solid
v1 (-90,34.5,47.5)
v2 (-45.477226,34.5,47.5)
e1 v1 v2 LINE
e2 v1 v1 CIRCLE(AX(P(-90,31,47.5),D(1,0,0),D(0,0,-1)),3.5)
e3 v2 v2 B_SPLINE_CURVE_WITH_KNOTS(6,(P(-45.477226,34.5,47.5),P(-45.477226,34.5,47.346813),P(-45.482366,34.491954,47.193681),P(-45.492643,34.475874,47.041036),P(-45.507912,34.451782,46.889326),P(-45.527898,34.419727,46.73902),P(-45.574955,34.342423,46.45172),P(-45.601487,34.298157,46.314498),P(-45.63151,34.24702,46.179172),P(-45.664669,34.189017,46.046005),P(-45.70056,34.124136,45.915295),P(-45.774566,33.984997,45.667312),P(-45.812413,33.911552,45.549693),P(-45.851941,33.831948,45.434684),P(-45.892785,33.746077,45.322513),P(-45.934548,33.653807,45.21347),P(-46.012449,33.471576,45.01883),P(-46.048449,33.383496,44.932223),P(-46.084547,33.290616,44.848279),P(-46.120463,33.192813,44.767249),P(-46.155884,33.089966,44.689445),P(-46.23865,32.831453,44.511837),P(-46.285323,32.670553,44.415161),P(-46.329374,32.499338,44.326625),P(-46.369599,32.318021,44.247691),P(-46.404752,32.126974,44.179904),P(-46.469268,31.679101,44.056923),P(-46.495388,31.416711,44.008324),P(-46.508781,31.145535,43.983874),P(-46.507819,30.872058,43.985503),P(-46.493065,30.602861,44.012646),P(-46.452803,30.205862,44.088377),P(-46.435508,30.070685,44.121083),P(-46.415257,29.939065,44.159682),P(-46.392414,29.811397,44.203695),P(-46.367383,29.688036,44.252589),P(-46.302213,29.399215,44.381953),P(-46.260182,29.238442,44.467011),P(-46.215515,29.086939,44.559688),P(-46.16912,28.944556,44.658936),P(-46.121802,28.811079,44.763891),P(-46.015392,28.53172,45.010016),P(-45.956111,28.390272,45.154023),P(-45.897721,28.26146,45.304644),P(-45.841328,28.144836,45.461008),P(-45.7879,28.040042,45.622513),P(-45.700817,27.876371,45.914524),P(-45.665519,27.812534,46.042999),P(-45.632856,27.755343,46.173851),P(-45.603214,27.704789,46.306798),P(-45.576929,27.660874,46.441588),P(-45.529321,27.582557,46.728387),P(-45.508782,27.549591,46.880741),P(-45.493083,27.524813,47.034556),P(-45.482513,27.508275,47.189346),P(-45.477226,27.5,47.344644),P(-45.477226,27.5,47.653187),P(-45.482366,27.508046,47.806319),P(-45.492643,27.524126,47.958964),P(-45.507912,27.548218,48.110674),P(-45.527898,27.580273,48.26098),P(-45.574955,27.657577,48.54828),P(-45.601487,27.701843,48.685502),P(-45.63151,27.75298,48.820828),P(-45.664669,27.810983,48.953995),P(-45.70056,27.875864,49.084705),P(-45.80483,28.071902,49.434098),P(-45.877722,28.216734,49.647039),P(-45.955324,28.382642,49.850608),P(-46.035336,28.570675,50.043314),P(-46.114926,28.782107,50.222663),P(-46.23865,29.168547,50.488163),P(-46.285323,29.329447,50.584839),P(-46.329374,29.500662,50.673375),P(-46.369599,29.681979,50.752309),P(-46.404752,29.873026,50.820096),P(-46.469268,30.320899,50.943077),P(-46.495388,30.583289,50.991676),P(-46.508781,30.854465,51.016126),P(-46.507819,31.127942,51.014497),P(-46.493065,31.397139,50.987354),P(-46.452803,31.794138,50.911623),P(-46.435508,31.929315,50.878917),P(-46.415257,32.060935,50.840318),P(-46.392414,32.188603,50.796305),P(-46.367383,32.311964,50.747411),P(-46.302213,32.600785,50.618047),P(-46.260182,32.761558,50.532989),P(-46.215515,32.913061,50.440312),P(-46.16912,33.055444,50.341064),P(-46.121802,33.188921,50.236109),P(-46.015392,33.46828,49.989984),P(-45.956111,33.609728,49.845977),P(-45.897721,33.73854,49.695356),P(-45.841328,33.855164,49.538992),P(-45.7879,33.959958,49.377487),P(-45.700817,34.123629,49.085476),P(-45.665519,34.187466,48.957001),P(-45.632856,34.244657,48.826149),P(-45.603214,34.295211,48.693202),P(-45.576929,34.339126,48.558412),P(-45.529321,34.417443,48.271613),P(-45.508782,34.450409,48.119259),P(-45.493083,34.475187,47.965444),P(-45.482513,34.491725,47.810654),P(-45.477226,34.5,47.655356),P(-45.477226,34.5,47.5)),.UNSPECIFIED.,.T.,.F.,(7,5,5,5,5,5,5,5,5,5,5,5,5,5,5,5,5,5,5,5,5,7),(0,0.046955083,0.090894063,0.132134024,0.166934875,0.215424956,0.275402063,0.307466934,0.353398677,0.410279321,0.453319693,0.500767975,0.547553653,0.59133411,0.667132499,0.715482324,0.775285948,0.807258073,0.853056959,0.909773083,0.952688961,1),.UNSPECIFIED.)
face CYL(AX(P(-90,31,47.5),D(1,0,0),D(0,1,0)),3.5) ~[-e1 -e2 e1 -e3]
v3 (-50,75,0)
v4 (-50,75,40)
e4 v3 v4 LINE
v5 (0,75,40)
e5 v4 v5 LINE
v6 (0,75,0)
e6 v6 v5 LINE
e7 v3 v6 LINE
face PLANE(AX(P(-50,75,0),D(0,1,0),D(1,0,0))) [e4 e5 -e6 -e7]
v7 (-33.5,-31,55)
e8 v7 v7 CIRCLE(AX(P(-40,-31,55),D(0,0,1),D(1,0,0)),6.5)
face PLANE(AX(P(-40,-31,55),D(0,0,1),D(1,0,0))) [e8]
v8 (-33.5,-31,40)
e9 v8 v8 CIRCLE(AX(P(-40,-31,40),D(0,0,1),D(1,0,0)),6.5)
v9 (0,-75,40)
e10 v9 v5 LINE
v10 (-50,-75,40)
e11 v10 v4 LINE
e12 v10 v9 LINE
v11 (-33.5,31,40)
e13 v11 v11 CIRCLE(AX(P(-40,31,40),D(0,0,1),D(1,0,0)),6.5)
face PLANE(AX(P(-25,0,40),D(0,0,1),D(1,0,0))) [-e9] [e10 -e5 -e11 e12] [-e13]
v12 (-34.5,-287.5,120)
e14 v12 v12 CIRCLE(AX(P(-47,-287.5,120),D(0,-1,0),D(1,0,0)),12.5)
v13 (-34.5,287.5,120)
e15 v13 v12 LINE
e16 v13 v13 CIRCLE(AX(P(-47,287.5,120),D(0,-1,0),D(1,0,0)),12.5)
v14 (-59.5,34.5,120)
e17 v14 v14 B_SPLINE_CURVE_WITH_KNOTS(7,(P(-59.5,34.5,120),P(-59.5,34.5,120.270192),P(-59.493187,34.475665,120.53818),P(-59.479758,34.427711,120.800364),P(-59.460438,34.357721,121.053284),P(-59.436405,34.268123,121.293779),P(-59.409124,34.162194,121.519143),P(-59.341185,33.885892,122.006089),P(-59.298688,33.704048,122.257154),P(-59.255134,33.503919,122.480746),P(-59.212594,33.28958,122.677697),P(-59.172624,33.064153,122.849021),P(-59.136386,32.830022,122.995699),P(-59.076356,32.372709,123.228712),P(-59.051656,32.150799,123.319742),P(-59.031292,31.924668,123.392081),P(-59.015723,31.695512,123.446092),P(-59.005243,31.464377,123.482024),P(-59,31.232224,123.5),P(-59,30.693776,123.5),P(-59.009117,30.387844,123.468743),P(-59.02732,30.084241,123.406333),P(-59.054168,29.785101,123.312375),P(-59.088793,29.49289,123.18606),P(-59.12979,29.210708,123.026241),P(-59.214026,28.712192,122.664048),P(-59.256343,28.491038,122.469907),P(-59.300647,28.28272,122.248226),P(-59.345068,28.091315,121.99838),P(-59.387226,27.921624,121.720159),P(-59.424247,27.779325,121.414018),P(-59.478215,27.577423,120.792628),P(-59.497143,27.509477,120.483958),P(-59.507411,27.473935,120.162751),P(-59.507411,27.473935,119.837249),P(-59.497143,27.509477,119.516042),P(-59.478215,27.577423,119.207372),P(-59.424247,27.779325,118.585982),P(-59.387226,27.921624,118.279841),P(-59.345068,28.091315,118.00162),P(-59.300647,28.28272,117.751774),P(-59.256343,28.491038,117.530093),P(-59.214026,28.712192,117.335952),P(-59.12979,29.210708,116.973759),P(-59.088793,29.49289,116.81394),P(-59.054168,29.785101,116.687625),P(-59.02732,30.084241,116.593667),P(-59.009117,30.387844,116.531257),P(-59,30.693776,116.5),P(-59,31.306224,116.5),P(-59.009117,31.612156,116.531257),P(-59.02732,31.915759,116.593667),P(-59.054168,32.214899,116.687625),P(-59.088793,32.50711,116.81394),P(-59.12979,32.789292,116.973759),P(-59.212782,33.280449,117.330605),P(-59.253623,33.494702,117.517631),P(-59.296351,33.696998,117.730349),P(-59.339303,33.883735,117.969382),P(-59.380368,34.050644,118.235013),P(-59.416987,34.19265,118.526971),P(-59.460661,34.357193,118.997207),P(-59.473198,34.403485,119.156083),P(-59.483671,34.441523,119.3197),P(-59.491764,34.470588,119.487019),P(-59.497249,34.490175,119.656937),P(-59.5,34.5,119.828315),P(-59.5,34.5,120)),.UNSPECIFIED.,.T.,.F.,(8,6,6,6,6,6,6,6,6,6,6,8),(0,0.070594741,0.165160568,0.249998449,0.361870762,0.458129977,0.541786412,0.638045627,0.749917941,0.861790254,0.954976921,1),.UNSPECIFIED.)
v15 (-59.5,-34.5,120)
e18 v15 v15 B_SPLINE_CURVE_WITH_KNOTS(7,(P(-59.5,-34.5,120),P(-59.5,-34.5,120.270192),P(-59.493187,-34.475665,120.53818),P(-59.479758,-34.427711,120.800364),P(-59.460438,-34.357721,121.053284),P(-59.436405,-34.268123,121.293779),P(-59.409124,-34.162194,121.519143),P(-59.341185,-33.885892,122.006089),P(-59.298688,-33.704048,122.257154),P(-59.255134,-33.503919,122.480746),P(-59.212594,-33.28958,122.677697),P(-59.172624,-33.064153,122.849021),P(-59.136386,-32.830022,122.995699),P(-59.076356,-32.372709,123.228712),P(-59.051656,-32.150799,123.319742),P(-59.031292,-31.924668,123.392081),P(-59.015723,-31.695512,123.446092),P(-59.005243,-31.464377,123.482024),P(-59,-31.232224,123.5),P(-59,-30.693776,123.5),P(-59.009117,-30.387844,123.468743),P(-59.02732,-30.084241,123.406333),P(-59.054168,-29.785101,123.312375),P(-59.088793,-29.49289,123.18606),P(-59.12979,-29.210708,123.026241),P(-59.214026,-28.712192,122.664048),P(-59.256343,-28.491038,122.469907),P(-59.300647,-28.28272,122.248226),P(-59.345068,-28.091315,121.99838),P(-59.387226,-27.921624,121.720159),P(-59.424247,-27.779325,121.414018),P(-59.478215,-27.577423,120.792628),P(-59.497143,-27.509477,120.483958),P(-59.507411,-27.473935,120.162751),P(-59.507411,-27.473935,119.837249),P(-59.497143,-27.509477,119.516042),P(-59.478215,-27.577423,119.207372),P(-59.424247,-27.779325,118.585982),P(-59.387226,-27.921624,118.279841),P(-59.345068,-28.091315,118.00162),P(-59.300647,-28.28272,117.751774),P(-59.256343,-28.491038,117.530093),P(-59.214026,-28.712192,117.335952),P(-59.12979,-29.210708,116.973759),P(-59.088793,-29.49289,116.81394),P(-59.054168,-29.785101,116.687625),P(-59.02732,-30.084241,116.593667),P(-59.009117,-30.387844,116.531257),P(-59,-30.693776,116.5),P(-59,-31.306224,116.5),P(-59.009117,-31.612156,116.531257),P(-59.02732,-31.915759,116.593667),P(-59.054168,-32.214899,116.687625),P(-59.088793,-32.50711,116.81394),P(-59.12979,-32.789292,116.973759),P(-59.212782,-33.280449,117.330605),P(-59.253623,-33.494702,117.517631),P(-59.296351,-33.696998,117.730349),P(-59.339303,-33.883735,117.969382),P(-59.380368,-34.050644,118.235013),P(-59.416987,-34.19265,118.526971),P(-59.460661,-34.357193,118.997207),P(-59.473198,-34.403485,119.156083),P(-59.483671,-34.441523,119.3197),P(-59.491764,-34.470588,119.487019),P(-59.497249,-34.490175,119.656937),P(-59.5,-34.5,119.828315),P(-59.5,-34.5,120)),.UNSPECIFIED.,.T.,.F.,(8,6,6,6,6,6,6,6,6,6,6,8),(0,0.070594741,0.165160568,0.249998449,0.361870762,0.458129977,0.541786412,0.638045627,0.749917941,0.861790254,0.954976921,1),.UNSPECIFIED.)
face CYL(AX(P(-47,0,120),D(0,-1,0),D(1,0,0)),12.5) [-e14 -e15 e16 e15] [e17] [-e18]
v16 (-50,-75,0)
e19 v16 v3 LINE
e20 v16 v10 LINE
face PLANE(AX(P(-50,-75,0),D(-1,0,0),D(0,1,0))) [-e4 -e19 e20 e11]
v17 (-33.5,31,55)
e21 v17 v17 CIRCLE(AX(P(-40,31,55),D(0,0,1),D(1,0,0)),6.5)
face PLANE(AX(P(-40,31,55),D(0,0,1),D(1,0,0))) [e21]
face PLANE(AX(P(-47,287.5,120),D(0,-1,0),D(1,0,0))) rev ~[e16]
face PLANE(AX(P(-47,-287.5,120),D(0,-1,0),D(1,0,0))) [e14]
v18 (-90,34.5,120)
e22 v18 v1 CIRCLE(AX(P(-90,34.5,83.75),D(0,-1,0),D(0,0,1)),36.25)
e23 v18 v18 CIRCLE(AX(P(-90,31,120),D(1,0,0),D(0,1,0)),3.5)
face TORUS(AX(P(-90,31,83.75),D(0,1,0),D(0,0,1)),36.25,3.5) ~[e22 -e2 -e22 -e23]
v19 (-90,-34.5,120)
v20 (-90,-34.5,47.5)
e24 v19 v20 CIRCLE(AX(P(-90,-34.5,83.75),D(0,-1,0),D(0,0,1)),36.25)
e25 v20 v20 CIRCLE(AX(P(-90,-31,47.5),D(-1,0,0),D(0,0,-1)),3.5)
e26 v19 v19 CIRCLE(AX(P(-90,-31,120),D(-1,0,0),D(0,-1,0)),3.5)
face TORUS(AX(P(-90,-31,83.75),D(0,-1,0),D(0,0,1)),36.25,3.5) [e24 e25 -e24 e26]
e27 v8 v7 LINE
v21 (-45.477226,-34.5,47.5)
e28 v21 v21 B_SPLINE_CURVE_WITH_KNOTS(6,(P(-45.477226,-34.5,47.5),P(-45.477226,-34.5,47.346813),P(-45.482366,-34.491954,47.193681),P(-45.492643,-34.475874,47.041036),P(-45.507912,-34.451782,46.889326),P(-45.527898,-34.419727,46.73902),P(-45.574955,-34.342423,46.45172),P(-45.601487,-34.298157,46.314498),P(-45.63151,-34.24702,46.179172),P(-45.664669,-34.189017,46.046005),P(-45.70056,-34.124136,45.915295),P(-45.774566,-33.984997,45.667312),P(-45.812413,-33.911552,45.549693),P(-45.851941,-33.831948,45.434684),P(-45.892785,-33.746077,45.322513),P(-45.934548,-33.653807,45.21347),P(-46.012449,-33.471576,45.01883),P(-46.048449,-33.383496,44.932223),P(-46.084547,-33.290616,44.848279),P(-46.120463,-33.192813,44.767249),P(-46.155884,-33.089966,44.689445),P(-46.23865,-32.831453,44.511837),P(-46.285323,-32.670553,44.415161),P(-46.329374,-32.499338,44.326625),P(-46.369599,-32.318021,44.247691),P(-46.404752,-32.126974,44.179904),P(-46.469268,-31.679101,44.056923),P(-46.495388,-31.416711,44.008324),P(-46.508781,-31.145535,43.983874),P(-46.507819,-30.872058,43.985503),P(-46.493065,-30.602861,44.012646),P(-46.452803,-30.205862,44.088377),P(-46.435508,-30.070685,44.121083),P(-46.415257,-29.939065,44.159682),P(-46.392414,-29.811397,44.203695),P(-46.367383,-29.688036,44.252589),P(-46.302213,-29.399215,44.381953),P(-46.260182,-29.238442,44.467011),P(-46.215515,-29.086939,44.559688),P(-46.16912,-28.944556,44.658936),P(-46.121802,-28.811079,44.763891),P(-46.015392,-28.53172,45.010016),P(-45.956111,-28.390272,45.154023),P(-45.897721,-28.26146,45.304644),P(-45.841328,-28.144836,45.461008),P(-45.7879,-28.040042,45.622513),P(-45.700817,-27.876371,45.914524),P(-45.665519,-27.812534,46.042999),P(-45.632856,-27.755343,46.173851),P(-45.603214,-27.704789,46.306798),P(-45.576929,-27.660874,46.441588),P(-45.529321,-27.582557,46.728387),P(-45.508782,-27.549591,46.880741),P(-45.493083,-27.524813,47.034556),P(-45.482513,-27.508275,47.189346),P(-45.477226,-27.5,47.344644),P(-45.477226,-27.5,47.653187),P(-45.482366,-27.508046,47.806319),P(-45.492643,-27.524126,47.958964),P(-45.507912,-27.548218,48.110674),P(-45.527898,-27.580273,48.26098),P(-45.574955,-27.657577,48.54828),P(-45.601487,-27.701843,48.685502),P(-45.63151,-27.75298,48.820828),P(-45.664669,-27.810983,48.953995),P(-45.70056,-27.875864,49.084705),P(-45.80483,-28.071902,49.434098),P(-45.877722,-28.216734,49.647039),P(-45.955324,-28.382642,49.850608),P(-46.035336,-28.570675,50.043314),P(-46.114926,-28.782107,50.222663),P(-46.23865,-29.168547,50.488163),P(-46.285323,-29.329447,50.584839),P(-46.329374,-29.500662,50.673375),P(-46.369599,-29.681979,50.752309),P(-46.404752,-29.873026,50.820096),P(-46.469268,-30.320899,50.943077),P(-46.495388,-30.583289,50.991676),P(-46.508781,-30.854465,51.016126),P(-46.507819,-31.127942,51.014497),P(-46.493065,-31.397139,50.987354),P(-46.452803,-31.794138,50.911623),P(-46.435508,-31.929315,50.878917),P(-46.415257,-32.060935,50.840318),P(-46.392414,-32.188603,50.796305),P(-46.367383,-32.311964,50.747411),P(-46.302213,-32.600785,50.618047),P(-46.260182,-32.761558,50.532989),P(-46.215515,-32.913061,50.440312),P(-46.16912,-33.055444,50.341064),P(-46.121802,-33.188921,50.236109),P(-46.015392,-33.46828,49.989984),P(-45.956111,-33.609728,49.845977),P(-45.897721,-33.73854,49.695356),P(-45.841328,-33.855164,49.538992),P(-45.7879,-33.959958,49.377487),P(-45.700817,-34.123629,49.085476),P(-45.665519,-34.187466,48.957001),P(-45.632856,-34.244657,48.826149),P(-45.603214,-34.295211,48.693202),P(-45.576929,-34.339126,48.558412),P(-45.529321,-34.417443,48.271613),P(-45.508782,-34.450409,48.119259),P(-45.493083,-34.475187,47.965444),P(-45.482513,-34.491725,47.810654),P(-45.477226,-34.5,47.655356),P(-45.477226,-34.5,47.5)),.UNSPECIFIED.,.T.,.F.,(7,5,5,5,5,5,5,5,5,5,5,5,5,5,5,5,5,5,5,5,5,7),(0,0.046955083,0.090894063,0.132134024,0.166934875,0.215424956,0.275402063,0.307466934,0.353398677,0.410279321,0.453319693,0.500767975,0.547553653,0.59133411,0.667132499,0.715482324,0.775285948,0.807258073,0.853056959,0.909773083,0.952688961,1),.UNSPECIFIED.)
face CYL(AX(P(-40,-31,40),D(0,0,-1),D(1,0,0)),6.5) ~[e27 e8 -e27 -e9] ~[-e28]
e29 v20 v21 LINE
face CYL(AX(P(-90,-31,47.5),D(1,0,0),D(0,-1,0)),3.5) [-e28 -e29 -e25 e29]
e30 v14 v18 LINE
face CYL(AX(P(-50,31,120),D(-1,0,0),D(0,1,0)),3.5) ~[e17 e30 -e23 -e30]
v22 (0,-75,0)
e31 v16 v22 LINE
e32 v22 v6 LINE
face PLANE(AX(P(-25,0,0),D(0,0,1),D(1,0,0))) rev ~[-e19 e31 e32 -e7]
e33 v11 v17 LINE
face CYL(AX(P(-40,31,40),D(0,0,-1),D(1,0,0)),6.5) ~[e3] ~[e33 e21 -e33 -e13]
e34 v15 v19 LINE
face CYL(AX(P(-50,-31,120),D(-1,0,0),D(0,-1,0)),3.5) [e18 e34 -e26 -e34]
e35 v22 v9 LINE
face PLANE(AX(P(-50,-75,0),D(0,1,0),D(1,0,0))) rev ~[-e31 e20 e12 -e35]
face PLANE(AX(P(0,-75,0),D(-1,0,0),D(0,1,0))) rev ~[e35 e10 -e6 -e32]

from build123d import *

# Parameters (mm, degrees)
F0_W     = 50
F0_H     = 150
F1_DEPTH = 40
F2_R     = 6.5
F3_DEPTH = 15
F4_R     = 12.5
F5_DEPTH = 287.5
F9_R     = 3.5


with BuildPart() as f1:
    # F0 (on Top) → F1 (new body)
    with BuildSketch(Plane.XY):
        with Locations((-25, 0)):
            Rectangle(F0_W, F0_H)
    extrude(amount=F1_DEPTH)

    # F2 (on face) → F3 (join)
    with BuildSketch(Plane.XY.offset(40)):
        with Locations((-40, -31)):
            Circle(F2_R)
        with Locations((-40, 31)):
            Circle(F2_R)
    extrude(amount=F3_DEPTH)



with BuildPart() as f5:
    # F4 (on Front) → F5 (new body, symmetric)
    with BuildSketch(Plane.XZ):
        with Locations((-47, 120)):
            Circle(F4_R)
    extrude(amount=F5_DEPTH, both=True)


with BuildPart() as f1_1:
    add(f1.part)

    add(f5.part)  # F10 merges F5
    # F10: sweep along a path in F7
    with BuildLine(Plane.XZ.offset(31)) as f10_path:
        Line((-50, 120), (-90, 120))
        ThreePointArc((-90, 120), (-126.25, 83.75), (-90, 47.5))
        Line((-90, 47.5), (-40, 47.5))
    # F9 (on line) → F10 (sweep)
    with BuildSketch(Plane(origin=(-50, 0, 0), x_dir=(0, -1, 0), z_dir=(-1, 0, 0))):
        with Locations((31, 120)):
            Circle(F9_R)
    sweep(path=f10_path.line)

    # F11: F1 across plane


with BuildPart() as f1_2:
    add(f1_1.part)
    add(f1_1.part.mirror(Plane.XZ))


solid = f1_2.part
